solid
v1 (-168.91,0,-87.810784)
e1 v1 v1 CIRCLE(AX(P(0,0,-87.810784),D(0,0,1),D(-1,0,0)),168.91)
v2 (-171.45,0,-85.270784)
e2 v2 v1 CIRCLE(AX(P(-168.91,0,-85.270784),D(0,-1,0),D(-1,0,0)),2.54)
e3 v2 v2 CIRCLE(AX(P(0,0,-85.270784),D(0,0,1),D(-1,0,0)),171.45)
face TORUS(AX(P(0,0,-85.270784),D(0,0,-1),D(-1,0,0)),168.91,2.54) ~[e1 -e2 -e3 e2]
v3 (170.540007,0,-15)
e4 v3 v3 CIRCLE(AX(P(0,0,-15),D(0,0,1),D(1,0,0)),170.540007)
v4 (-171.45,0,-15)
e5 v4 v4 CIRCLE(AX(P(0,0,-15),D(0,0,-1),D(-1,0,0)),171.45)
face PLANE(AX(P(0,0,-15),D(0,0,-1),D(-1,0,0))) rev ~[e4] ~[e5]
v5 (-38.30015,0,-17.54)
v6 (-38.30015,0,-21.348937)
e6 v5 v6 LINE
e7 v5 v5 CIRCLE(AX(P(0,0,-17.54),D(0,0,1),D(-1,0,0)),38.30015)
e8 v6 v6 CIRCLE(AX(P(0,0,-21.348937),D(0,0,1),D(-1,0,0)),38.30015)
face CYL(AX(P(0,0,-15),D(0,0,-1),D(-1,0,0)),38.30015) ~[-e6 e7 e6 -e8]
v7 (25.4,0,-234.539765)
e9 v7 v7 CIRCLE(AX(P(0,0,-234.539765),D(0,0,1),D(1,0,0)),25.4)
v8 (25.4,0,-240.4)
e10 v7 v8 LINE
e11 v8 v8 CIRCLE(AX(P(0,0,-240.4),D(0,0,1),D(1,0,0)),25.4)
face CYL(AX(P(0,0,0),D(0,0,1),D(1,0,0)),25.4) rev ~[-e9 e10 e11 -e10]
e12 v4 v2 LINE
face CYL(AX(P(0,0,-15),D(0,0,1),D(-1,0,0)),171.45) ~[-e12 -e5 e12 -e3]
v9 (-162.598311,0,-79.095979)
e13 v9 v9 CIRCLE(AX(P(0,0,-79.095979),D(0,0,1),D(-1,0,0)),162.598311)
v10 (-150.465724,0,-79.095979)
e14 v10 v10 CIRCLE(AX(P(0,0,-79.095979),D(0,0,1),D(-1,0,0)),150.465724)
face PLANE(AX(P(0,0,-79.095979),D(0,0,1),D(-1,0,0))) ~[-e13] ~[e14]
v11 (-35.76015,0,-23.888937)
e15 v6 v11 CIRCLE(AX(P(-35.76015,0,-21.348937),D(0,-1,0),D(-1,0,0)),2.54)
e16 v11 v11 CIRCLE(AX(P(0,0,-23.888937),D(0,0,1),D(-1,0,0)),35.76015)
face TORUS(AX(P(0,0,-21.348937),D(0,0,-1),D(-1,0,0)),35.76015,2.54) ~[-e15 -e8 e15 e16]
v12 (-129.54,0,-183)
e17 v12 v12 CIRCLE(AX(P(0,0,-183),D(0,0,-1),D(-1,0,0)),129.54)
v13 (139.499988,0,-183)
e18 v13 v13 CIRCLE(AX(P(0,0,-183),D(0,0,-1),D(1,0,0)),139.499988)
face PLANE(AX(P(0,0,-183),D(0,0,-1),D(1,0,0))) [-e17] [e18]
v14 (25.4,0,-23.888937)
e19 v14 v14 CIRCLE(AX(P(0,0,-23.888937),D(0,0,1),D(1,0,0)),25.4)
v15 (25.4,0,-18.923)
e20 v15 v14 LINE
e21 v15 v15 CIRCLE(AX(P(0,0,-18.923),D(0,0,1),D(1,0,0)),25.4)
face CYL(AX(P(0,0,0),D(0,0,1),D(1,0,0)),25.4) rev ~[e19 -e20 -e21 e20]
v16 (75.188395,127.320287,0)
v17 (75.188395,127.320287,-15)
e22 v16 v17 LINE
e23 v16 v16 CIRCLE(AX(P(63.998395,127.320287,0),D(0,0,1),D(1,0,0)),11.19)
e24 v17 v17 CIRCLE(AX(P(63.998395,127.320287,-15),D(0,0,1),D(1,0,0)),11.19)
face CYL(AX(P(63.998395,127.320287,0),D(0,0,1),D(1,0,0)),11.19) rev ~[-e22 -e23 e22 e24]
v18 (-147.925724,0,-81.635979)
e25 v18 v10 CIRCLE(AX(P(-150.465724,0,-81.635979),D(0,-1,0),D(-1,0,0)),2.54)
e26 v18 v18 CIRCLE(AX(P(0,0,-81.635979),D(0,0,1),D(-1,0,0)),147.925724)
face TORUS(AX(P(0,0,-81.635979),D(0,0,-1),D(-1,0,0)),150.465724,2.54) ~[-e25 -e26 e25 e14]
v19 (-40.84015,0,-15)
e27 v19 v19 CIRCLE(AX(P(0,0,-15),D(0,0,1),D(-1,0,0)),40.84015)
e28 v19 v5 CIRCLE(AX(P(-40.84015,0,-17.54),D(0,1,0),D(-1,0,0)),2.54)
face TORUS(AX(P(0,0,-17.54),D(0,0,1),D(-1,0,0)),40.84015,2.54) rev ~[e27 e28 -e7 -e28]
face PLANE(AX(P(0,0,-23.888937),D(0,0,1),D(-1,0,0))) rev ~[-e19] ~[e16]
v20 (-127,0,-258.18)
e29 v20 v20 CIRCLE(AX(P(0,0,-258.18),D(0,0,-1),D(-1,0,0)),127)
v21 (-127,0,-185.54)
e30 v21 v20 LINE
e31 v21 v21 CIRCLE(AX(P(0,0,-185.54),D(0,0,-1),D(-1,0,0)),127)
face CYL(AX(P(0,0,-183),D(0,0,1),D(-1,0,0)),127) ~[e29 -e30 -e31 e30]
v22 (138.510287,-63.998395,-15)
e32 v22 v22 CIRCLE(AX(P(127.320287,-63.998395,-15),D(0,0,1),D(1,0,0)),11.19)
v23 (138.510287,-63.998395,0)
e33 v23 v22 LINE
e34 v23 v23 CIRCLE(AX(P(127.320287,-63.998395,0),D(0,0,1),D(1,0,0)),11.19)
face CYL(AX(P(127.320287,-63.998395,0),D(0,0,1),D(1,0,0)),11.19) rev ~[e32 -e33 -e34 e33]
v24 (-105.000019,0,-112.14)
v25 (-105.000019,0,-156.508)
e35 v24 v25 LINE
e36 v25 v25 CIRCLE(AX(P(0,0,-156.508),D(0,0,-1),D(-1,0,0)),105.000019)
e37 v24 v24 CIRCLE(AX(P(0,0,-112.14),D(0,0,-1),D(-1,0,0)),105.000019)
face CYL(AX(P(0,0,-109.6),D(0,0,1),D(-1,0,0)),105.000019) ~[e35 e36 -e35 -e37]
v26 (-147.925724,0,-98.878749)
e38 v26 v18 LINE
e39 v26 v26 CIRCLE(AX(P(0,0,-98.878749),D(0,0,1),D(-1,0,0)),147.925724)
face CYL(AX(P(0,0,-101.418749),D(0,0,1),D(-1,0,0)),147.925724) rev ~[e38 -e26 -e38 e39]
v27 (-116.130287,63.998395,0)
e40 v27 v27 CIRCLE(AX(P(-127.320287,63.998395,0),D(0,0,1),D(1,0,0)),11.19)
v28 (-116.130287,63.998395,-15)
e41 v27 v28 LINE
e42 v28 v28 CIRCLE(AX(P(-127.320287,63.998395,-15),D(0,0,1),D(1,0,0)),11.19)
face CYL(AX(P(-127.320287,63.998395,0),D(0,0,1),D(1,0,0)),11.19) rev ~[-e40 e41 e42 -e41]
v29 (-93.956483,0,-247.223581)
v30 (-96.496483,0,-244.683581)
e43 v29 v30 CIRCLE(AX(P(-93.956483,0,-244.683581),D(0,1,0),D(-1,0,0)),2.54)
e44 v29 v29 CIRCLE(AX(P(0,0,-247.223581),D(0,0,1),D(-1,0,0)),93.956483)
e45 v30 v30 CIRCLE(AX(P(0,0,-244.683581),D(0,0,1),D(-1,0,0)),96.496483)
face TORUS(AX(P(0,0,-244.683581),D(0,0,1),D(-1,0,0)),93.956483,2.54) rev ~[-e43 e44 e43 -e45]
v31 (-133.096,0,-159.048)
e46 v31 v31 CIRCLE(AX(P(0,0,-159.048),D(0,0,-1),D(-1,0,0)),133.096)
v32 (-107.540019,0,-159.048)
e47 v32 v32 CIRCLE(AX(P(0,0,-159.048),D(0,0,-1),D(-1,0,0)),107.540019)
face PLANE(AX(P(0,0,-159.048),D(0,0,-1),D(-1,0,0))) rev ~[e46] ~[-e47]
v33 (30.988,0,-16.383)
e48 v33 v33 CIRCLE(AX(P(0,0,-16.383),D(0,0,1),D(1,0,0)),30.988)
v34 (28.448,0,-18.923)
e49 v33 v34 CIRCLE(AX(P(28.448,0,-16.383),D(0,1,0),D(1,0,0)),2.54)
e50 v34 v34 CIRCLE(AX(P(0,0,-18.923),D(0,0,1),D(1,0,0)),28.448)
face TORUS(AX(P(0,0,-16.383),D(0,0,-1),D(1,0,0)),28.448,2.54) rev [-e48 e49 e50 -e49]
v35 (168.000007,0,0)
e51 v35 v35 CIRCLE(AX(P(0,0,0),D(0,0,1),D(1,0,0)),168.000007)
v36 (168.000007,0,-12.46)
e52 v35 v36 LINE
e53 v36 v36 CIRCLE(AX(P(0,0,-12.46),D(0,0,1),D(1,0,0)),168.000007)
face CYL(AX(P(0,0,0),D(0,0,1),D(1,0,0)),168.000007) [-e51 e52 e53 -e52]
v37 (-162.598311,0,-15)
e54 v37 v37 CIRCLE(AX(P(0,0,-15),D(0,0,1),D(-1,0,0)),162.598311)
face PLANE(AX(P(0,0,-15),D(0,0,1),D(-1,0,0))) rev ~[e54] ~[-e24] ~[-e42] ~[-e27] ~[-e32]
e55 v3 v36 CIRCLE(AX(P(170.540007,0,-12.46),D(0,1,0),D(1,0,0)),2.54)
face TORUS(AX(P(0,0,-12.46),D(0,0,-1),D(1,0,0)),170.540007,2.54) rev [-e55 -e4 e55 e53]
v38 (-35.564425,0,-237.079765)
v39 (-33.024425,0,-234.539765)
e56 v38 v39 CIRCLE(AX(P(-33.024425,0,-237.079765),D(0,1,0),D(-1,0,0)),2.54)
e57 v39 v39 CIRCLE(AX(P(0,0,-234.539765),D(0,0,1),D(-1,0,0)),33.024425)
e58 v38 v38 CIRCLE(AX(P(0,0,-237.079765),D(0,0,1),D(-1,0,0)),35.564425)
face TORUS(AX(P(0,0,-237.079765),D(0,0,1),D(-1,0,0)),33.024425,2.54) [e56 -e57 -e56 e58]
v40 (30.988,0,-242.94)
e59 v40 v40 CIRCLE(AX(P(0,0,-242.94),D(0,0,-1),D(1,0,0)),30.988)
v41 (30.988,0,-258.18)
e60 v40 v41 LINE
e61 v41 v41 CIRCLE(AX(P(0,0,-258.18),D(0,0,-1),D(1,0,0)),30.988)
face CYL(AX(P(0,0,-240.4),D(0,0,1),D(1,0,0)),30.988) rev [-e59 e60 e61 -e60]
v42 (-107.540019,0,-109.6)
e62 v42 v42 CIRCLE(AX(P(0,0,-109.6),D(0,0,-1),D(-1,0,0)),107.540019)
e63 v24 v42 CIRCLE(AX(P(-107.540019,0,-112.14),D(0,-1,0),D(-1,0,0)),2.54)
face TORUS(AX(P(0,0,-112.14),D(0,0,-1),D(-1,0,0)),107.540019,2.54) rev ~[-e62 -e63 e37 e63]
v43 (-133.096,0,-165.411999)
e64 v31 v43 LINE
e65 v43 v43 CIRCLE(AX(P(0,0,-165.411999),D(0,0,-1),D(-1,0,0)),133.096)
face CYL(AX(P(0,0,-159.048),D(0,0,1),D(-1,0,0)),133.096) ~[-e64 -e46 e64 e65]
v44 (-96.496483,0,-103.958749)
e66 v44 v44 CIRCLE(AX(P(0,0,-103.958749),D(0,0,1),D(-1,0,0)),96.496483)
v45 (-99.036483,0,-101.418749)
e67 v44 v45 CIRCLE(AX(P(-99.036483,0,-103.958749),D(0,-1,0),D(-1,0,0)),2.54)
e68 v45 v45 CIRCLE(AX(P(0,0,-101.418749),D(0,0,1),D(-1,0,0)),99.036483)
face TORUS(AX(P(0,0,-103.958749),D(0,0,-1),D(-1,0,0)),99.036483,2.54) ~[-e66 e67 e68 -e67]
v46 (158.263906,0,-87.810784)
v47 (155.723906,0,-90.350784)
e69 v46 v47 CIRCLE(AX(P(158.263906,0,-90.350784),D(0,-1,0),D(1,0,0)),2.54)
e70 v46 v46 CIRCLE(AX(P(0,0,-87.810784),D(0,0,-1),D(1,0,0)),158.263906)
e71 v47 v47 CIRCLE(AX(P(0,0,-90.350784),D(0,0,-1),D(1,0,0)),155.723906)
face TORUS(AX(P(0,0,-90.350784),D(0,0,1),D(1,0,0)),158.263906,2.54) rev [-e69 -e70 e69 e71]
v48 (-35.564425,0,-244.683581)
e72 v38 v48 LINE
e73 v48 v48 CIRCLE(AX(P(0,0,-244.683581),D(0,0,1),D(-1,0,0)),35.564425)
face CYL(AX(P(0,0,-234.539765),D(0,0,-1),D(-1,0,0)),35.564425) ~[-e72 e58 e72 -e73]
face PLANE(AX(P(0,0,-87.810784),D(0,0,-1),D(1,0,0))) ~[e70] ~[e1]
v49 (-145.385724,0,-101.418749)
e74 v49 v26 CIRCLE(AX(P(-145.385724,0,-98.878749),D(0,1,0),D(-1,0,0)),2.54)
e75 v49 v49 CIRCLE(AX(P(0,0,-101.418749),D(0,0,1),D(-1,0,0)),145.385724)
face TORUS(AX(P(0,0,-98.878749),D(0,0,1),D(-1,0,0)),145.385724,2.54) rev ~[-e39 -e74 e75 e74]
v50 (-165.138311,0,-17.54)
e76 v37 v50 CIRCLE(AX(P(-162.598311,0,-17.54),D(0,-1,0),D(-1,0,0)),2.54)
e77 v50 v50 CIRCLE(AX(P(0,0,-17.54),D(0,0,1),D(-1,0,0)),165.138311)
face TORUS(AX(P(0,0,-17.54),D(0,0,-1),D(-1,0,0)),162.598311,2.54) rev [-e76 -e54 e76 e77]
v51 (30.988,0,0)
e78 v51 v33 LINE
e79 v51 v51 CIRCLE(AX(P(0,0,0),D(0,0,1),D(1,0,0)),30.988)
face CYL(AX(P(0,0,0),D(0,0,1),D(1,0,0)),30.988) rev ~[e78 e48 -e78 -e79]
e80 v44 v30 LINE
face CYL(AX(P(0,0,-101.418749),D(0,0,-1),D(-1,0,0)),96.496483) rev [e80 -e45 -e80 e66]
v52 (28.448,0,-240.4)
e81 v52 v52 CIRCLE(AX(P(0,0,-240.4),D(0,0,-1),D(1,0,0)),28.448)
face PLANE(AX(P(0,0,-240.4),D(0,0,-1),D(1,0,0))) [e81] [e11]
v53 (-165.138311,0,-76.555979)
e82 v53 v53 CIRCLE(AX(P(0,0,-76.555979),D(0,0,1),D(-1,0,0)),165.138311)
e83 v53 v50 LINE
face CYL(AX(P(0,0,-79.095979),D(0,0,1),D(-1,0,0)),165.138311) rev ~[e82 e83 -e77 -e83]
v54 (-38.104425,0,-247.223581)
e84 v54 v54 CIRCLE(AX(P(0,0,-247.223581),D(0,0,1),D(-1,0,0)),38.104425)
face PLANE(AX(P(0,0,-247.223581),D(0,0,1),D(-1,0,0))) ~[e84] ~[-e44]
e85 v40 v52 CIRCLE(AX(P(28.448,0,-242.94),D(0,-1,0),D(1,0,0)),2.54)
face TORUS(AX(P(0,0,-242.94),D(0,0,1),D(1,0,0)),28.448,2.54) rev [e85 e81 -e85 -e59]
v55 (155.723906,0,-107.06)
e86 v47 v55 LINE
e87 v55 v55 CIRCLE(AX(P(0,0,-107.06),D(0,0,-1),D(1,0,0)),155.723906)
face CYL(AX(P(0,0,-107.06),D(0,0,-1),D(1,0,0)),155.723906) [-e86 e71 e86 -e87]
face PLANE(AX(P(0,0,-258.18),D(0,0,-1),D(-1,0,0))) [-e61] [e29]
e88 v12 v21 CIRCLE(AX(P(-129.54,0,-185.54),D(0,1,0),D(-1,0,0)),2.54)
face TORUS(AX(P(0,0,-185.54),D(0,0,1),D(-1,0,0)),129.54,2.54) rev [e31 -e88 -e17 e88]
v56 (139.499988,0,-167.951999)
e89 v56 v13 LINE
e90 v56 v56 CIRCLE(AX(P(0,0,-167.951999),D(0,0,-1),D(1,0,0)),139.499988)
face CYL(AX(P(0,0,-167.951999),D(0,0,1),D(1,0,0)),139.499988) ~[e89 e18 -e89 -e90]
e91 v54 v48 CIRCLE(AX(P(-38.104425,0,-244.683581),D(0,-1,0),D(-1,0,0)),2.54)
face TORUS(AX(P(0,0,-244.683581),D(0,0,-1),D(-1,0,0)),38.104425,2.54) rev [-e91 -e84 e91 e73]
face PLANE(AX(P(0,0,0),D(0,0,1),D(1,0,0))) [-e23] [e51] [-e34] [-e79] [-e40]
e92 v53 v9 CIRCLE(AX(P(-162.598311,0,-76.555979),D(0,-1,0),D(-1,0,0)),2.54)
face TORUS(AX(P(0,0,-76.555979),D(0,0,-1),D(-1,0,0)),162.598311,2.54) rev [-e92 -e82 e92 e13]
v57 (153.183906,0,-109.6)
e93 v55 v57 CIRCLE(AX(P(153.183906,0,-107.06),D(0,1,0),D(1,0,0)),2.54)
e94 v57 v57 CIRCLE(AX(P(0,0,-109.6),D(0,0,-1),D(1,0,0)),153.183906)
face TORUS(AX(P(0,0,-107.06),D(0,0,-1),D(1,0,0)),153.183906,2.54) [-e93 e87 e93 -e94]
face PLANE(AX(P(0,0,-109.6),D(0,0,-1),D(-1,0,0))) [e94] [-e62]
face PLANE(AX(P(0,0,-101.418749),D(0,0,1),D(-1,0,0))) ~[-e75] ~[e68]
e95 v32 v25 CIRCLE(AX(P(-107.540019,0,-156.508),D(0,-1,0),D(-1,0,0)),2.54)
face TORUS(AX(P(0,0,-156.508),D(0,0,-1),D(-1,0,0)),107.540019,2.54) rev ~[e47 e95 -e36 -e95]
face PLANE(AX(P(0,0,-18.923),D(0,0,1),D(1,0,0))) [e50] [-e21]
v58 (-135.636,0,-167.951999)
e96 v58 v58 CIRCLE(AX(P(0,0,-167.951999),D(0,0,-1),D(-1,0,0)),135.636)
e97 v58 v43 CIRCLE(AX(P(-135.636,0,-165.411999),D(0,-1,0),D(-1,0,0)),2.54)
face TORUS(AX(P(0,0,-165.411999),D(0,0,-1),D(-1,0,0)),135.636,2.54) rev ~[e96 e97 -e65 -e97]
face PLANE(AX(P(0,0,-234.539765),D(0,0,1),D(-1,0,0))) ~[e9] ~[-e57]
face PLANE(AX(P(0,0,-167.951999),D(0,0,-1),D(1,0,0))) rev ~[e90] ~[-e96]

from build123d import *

# Parameters (mm, degrees)
SKETCH1_R            = 168.0000069
SKETCH1_R_2          = 11.19
BOSS_EXTRUDE1_DEPTH  = 14.999999718
SKETCH2_R            = 171.45
BOSS_EXTRUDE2_DEPTH  = 94.60000003
SKETCH3_R            = 105.0000186
BOSS_EXTRUDE3_DEPTH  = 49.44799991
SKETCH4_R            = 133.096
BOSS_EXTRUDE4_DEPTH  = 8.903999718
SKETCH5_R            = 139.4999877
BOSS_EXTRUDE5_DEPTH  = 15.048000384
SKETCH6_R            = 127
BOSS_EXTRUDE10_DEPTH = 75.179999754
SKETCH11_R           = 25.4
CUT_EXTRUDE1_DEPTH   = 355.185145297
SKETCH12_R           = 30.988
CUT_EXTRUDE2_DEPTH   = 18.923
CUT_EXTRUDE3_START   = -17.78
SKETCH13_R           = 30.988
CUT_EXTRUDE3_DEPTH   = 17.78
FILLET1_R            = 2.54
FILLET2_R            = 2.54
FILLET3_R            = 2.54
SKETCH16_W           = 38.49843195
SKETCH16_H           = 31.452188168
FILLET4_R            = 2.54
FILLET5_R            = 2.54


with BuildPart() as part:
    # Sketch1 → Boss-Extrude1 (new body)
    with BuildSketch(Plane.XY):
        Circle(SKETCH1_R)
        with Locations((-127.320286932, 63.998394789)):
            Circle(SKETCH1_R_2, mode=Mode.SUBTRACT)
        with Locations((63.998394789, 127.320286932)):
            Circle(SKETCH1_R_2, mode=Mode.SUBTRACT)
        with Locations((127.320286932, -63.998394789)):
            Circle(SKETCH1_R_2, mode=Mode.SUBTRACT)
    extrude(amount=-BOSS_EXTRUDE1_DEPTH)

    # Sketch2 → Boss-Extrude2 (add)
    with BuildSketch(Plane(origin=(0, 0, -14.999999718), x_dir=(-1, 0, 0), z_dir=(0, 0, -1))):
        Circle(SKETCH2_R)
    extrude(amount=BOSS_EXTRUDE2_DEPTH)

    # Sketch3 → Boss-Extrude3 (add)
    with BuildSketch(Plane(origin=(0, 0, -109.599999748), x_dir=(-1, 0, 0), z_dir=(0, 0, -1))):
        Circle(SKETCH3_R)
    extrude(amount=BOSS_EXTRUDE3_DEPTH)

    # Sketch4 → Boss-Extrude4 (add)
    with BuildSketch(Plane(origin=(0, 0, -159.047999658), x_dir=(-1, 0, 0), z_dir=(0, 0, -1))):
        Circle(SKETCH4_R)
    extrude(amount=BOSS_EXTRUDE4_DEPTH)

    # Sketch5 → Boss-Extrude5 (add)
    with BuildSketch(Plane(origin=(0, 0, -167.951999376), x_dir=(-1, 0, 0), z_dir=(0, 0, -1))):
        with Locations(Location((0, 0, 0), (0, 0, 180))):
            Circle(SKETCH5_R)
    extrude(amount=BOSS_EXTRUDE5_DEPTH)

    # Sketch6 → Boss-Extrude10 (add)
    with BuildSketch(Plane(origin=(0, 0, -182.99999976), x_dir=(-1, 0, 0), z_dir=(0, 0, -1))):
        Circle(SKETCH6_R)
    extrude(amount=BOSS_EXTRUDE10_DEPTH)

    # Sketch11 → Cut-Extrude1 (cut, through all)
    with BuildSketch(Plane.XY):
        Circle(SKETCH11_R)
    extrude(amount=-CUT_EXTRUDE1_DEPTH, mode=Mode.SUBTRACT)

    # Sketch12 → Cut-Extrude2 (cut)
    with BuildSketch(Plane.XY):
        Circle(SKETCH12_R)
    extrude(amount=-CUT_EXTRUDE2_DEPTH, mode=Mode.SUBTRACT)

    # Sketch13 → Cut-Extrude3 (cut)
    with BuildSketch(Plane(origin=(0, 0, -258.179999514), x_dir=(-1, 0, 0), z_dir=(0, 0, -1)).offset(CUT_EXTRUDE3_START)):
        with Locations(Location((0, 0, 0), (0, 0, 180))):
            Circle(SKETCH13_R)
    extrude(amount=CUT_EXTRUDE3_DEPTH, mode=Mode.SUBTRACT)

    # Sketch14 → Cut-Revolve1 (revolve, cut)
    with BuildSketch(Plane(origin=(0, 0, 0), x_dir=(1, 0, 0), z_dir=(0, 1, 0)), mode=Mode.PRIVATE) as cut_revolve1_sk:
        Polygon((19.647479787, 234.539764691), (35.564425438, 234.539764691), (35.564425438, 247.223580756), (96.496483005, 247.223580756), (96.496483005, 234.539764691), (96.496483005, 101.418748628), (147.925724351, 101.418748628), (147.925724351, 79.09597863), (165.138311123, 79.09597863), (165.138311123, 14.999999718), (38.300150471, 14.999999718), (38.300150471, 23.888937099), (19.647479787, 23.888937099), align=None)
    revolve(cut_revolve1_sk.sketch.rotate(Axis((0, 0, -258.179999514), (0, 0, 1)), 180), axis=Axis((0, 0, -258.179999514), (0, 0, 1)), mode=Mode.SUBTRACT)

    # Fillet1
    fillet1_edges = [part.edges().sort_by_distance(p)[0] for p in [
        (-168.0000069, 0, -14.999999718),
        (171.45, 0, -109.599999748),
        (105.0000186, 0, -109.599999748),
        (105.0000186, 0, -159.047999658),
        (133.096, 0, -167.951999376),
        (127, 0, -182.99999976),
        (-30.988, 0, -18.923),
        (-30.988, 0, -240.399999514),
    ]]
    fillet(fillet1_edges, radius=FILLET1_R)

    # Fillet2
    fillet2_edges = [part.edges().sort_by_distance(p)[0] for p in [
        (165.138311123, 0, -79.09597863),
        (165.138311123, 0, -14.999999718),
        (96.496483005, 0, -247.223580756),
    ]]
    fillet(fillet2_edges, radius=FILLET2_R)

    # Fillet3
    fillet3_edges = [part.edges().sort_by_distance(p)[0] for p in [
        (38.300150471, 0, -14.999999718),
        (35.564425438, 0, -234.539764691),
        (38.300150471, 0, -23.888937099),
        (35.564425438, 0, -247.223580756),
    ]]
    fillet(fillet3_edges, radius=FILLET3_R)

    # Sketch16 → Cut-Revolve2 (revolve, cut)
    with BuildSketch(Plane(origin=(0, 0, 0), x_dir=(0, 0, -1), z_dir=(1, 0, 0)), mode=Mode.PRIVATE) as cut_revolve2_sk:
        with Locations((107.059999748, 171.45)):
            Rectangle(SKETCH16_W, SKETCH16_H)
    revolve(cut_revolve2_sk.sketch.rotate(Axis((0, 0, 0), (0, 0, -1)), 90), axis=Axis((0, 0, 0), (0, 0, -1)), mode=Mode.SUBTRACT)

    # Fillet4
    fillet4_edges = [part.edges().sort_by_distance(p)[0] for p in [
        (96.496483005, 0, -101.418748628),
        (147.925724351, 0, -101.418748628),
        (147.925724351, 0, -79.09597863),
    ]]
    fillet(fillet4_edges, radius=FILLET4_R)

    # Fillet5
    fillet5_edges = [part.edges().sort_by_distance(p)[0] for p in [
        (171.45, 0, -87.810783773),
        (-155.723905916, 0, -109.599999748),
        (-155.723905916, 0, -87.810783773),
    ]]
    fillet(fillet5_edges, radius=FILLET5_R)


solid = part.part
